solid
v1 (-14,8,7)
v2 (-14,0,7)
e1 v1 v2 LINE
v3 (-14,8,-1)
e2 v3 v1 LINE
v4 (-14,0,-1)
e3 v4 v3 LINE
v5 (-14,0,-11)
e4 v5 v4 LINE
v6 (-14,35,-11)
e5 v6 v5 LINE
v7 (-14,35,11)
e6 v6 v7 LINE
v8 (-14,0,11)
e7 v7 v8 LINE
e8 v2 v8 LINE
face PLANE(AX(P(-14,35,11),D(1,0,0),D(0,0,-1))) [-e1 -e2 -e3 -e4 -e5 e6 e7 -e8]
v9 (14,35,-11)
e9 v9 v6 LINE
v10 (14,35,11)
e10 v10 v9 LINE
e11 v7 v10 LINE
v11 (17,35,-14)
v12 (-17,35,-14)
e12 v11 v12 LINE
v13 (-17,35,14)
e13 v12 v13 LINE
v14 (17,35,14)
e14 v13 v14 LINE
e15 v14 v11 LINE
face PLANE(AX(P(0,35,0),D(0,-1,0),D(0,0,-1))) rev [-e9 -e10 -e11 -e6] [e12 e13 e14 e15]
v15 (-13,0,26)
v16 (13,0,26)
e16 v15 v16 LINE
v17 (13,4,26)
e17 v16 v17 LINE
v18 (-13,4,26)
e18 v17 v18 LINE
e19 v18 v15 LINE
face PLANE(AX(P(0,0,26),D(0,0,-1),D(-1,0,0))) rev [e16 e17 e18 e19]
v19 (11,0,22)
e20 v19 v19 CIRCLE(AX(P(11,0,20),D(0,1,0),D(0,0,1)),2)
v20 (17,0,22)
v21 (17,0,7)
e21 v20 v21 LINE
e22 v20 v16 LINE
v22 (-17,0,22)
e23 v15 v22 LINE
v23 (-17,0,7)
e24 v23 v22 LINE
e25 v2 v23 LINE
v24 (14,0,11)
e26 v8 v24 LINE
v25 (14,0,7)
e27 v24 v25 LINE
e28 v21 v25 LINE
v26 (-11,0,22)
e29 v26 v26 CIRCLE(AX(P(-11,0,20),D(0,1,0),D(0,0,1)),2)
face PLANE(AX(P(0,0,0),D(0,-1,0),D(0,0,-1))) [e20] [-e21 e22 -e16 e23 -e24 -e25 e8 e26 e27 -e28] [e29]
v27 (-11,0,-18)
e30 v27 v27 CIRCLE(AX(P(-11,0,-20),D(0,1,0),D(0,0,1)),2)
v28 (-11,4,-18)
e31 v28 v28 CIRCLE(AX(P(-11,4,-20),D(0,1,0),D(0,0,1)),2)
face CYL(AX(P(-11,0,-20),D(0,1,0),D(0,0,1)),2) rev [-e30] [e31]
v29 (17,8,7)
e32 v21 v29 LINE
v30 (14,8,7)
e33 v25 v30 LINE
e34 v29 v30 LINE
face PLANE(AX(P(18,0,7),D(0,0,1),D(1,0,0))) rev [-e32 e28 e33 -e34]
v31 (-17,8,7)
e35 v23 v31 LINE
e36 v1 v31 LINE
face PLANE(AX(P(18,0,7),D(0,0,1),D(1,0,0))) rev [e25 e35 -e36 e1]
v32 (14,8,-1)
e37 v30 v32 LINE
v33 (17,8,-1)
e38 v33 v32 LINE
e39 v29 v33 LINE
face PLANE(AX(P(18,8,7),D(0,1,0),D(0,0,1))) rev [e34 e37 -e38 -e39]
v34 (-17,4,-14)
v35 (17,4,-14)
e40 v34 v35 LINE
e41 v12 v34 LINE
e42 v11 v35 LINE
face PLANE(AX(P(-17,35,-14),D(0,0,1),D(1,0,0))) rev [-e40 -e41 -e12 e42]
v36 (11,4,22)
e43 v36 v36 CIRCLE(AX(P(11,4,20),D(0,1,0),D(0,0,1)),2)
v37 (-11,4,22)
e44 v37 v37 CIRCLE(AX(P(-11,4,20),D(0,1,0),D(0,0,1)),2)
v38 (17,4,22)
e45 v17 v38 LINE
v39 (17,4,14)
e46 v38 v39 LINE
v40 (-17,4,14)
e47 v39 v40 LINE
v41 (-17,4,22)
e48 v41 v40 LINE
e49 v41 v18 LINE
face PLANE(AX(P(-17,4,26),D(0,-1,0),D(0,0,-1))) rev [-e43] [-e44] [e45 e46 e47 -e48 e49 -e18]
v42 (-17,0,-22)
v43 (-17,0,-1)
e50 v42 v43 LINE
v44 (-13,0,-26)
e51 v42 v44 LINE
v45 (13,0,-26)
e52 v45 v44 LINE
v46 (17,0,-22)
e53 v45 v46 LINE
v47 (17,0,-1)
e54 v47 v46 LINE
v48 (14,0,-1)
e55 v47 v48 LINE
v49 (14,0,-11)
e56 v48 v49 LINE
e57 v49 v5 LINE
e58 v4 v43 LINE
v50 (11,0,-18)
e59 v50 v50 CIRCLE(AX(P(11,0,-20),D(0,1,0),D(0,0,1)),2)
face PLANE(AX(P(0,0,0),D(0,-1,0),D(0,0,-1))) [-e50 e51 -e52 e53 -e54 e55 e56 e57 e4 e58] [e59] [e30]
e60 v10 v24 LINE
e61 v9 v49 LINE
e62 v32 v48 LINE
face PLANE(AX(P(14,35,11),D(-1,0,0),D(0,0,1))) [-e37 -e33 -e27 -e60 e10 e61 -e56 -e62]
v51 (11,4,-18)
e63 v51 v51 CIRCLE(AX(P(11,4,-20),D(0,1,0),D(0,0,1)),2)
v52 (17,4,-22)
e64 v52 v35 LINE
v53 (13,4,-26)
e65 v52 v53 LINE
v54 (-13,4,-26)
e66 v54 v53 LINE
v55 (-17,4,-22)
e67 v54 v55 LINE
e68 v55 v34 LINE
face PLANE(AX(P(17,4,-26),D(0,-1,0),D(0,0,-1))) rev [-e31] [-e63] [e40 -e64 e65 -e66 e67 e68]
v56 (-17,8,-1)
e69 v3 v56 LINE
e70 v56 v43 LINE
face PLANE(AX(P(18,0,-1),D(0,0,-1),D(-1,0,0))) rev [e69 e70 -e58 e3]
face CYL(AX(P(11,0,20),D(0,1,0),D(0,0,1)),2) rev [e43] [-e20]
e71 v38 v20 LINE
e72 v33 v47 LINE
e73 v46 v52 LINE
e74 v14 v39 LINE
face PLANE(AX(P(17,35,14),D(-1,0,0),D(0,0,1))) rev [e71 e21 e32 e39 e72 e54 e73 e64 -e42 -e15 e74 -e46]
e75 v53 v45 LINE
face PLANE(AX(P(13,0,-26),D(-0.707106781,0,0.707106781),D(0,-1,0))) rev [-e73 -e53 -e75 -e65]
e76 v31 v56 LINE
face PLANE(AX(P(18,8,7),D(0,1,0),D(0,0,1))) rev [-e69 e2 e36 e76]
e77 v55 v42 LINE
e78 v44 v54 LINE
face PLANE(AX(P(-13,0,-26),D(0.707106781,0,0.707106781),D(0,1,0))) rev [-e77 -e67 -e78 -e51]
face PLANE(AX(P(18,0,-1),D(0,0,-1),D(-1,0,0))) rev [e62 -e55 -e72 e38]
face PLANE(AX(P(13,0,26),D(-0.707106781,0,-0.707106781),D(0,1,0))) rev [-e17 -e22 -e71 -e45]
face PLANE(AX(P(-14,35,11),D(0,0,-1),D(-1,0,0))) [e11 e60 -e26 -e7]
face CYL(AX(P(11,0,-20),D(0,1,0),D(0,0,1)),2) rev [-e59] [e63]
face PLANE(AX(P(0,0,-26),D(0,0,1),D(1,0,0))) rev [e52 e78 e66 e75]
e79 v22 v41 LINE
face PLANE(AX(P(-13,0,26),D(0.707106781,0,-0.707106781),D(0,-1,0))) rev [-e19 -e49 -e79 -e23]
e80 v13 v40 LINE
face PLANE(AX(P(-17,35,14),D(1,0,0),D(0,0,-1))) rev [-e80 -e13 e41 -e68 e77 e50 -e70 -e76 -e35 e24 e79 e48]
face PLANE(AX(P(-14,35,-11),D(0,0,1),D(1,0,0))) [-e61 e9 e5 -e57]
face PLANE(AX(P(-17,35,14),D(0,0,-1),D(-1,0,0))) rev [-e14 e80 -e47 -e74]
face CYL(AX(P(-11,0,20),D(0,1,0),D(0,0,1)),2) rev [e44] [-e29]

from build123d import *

# Parameters (mm, degrees)
SKETCH1_W           = 34
SKETCH1_H           = 28
SKETCH1_W_2         = 28
SKETCH1_H_2         = 22
BOSS_EXTRUDE1_DEPTH = 35
SKETCH2_W           = 8
SKETCH2_H           = 8
CUT_EXTRUDE1_DEPTH  = 35
SKETCH3_W           = 34
SKETCH3_H           = 4
BOSS_EXTRUDE2_DEPTH = 12
SKETCH4_W           = 34
SKETCH4_H           = 4
BOSS_EXTRUDE3_DEPTH = 12
CHAMFER1_SIZE       = 4
SKETCH5_R           = 2
CUT_EXTRUDE2_DEPTH  = 4


with BuildPart() as part:
    # Sketch1 → Boss-Extrude1 (new body)
    with BuildSketch(Plane(origin=(0, 0, 0), x_dir=(1, 0, 0), z_dir=(0, 1, 0))):
        Rectangle(SKETCH1_W, SKETCH1_H)
        Rectangle(SKETCH1_W_2, SKETCH1_H_2, mode=Mode.SUBTRACT)
    extrude(amount=BOSS_EXTRUDE1_DEPTH)

    # Sketch2 → Cut-Extrude1 (cut)
    with BuildSketch(Plane.ZY.offset(17)):
        with Locations((3, 4)):
            Rectangle(SKETCH2_W, SKETCH2_H)
    extrude(amount=-CUT_EXTRUDE1_DEPTH, mode=Mode.SUBTRACT)

    # Sketch3 → Boss-Extrude2 (add)
    with BuildSketch(Plane.XY.offset(14)):
        with Locations((0, 2)):
            Rectangle(SKETCH3_W, SKETCH3_H)
    extrude(amount=BOSS_EXTRUDE2_DEPTH)

    # Sketch4 → Boss-Extrude3 (add)
    with BuildSketch(Plane(origin=(0, 0, -14), x_dir=(-1, 0, 0), z_dir=(0, 0, -1))):
        with Locations((0, 2)):
            Rectangle(SKETCH4_W, SKETCH4_H)
    extrude(amount=BOSS_EXTRUDE3_DEPTH)

    # Chamfer1
    chamfer1_edges = [part.edges().sort_by_distance(p)[0] for p in [
        (-17, 2, 26),
        (17, 2, 26),
        (17, 2, -26),
        (-17, 2, -26),
    ]]
    chamfer(chamfer1_edges, length=CHAMFER1_SIZE)

    # Sketch5 → Cut-Extrude2 (cut)
    with BuildSketch(Plane(origin=(0, 4, 0), x_dir=(1, 0, 0), z_dir=(0, 1, 0))):
        with Locations((-11, -20)):
            Circle(SKETCH5_R)
        with Locations((11, -20)):
            Circle(SKETCH5_R)
        with Locations((-11, 20)):
            Circle(SKETCH5_R)
        with Locations((11, 20)):
            Circle(SKETCH5_R)
    extrude(amount=-CUT_EXTRUDE2_DEPTH, mode=Mode.SUBTRACT)


solid = part.part
